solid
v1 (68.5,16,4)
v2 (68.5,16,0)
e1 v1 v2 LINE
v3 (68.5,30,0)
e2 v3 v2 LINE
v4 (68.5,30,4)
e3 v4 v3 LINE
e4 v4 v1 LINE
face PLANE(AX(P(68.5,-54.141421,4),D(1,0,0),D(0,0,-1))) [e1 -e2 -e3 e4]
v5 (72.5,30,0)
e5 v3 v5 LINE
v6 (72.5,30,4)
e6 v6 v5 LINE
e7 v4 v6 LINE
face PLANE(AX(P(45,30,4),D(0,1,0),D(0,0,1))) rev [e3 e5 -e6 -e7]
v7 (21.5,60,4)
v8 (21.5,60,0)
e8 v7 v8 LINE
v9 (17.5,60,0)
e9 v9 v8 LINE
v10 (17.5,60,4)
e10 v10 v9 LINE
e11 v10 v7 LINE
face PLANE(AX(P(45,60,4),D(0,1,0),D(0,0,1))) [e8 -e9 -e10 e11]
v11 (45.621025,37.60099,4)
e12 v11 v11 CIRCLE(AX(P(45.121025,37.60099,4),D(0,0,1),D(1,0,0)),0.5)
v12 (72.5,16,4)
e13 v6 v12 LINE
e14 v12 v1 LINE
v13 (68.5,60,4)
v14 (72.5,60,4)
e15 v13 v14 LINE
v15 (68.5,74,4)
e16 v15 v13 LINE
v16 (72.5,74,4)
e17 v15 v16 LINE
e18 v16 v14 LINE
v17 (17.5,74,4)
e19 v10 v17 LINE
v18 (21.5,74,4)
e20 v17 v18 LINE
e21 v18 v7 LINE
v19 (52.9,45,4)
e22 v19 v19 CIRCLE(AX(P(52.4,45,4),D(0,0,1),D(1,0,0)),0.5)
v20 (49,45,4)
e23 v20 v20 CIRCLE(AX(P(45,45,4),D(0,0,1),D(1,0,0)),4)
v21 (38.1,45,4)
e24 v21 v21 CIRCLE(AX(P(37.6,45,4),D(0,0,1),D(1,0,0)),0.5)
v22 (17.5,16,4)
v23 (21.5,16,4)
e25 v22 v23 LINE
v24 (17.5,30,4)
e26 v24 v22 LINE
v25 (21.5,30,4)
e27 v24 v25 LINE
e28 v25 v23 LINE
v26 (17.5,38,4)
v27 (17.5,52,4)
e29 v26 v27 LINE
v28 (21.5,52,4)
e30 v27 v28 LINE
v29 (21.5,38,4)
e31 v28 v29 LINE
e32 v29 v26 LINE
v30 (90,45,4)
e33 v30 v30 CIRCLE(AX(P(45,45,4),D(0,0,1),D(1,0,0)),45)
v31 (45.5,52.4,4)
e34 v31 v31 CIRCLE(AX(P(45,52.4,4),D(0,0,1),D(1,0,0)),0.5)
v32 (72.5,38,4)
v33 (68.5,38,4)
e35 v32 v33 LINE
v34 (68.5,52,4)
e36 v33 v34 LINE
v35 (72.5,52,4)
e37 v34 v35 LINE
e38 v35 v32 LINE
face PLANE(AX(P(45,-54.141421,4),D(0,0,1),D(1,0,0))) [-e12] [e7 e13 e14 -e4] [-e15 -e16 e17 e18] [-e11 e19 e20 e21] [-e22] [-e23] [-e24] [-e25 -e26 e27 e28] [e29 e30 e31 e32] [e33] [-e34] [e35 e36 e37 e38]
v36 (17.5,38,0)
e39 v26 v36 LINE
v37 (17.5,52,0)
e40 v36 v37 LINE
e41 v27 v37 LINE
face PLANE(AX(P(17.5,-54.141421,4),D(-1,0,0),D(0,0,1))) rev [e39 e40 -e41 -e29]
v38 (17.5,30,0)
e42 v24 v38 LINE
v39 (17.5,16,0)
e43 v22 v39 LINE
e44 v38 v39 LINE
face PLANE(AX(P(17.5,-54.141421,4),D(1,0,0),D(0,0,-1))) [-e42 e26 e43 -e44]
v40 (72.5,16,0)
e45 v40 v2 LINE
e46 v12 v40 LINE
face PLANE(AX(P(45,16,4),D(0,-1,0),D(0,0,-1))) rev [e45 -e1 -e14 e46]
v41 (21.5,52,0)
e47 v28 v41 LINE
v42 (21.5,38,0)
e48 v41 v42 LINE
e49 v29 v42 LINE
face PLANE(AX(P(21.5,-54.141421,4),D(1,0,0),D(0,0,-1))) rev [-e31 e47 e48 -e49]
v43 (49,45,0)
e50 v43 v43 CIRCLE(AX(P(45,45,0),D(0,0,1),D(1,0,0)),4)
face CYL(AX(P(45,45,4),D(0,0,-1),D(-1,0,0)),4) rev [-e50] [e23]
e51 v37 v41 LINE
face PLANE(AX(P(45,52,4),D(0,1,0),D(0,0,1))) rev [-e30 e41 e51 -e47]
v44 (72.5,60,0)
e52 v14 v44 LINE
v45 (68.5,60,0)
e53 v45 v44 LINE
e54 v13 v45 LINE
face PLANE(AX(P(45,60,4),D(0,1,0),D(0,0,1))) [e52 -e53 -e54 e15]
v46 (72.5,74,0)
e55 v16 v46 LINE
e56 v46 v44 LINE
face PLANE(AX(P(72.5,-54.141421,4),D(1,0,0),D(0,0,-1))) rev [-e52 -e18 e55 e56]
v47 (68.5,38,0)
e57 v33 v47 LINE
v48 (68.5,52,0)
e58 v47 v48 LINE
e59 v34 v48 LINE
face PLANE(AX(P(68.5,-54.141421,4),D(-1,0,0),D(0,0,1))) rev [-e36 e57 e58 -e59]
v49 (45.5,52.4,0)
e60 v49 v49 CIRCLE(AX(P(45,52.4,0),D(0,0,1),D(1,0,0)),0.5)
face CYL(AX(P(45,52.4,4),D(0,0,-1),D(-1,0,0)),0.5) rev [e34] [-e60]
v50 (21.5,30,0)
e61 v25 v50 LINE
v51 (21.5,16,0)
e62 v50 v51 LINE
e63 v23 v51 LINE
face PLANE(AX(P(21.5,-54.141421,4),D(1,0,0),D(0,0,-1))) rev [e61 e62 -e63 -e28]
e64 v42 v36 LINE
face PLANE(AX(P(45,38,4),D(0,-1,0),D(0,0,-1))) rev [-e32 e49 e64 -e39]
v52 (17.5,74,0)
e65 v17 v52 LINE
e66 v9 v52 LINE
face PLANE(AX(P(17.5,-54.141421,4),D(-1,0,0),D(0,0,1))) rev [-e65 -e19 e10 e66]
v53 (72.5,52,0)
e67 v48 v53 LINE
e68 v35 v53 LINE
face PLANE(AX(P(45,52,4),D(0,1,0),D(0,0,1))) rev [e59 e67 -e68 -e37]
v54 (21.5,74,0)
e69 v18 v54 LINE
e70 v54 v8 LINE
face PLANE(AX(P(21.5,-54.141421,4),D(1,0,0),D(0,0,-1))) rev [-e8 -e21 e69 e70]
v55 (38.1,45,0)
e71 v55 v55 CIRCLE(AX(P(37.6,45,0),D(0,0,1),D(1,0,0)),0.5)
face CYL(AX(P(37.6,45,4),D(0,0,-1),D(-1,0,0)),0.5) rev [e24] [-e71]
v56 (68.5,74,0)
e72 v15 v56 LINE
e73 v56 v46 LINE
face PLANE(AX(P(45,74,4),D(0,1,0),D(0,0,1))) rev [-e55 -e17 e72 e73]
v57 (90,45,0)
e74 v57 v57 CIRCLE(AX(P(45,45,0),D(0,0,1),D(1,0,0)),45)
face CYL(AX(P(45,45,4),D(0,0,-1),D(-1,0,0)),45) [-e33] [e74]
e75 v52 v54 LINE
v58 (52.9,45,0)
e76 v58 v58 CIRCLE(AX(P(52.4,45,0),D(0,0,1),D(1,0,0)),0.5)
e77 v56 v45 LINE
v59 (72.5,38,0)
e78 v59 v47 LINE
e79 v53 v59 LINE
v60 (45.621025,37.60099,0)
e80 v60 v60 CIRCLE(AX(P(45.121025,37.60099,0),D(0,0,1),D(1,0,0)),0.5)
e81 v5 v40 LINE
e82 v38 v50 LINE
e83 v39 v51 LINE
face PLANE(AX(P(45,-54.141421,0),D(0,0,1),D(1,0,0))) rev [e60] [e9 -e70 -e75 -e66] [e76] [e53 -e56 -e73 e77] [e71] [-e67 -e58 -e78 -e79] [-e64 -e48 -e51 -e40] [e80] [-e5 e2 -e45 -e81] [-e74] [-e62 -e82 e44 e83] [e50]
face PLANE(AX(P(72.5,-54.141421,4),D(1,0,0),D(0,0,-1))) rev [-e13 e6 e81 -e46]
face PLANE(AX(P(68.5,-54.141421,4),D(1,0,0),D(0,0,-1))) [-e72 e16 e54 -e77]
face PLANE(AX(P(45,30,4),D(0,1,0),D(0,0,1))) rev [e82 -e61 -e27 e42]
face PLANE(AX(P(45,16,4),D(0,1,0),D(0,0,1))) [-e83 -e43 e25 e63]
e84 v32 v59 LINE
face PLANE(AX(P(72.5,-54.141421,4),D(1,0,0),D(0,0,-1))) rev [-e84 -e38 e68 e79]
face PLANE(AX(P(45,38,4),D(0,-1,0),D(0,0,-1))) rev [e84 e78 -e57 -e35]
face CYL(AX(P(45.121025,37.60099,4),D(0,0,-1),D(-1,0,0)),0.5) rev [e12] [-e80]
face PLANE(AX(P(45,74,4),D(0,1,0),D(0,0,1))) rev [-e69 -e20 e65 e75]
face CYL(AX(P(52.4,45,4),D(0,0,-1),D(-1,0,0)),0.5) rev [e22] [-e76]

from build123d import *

# Parameters (mm, degrees)
SKETCH1_R           = 45
SKETCH1_R_2         = 0.5
SKETCH1_R_3         = 4
SKETCH1_W           = 4
SKETCH1_H           = 14
BOSS_EXTRUDE1_DEPTH = 4


with BuildPart() as part:
    # Sketch1 → Boss-Extrude1 (new body)
    with BuildSketch(Plane.XY):
        with Locations((45, 45)):
            Circle(SKETCH1_R)
        with Locations((37.6, 45)):
            Circle(SKETCH1_R_2, mode=Mode.SUBTRACT)
        with Locations((52.4, 45)):
            Circle(SKETCH1_R_2, mode=Mode.SUBTRACT)
        with Locations((45.121025162, 37.600989734)):
            Circle(SKETCH1_R_2, mode=Mode.SUBTRACT)
        with Locations((45, 52.4)):
            Circle(SKETCH1_R_2, mode=Mode.SUBTRACT)
        with Locations((45, 45)):
            Circle(SKETCH1_R_3, mode=Mode.SUBTRACT)
        with Locations((19.5, 67)):
            Rectangle(SKETCH1_W, SKETCH1_H, mode=Mode.SUBTRACT)
        with Locations((70.5, 45)):
            Rectangle(SKETCH1_W, SKETCH1_H, mode=Mode.SUBTRACT)
        with Locations((70.5, 23)):
            Rectangle(SKETCH1_W, SKETCH1_H, mode=Mode.SUBTRACT)
        with Locations((19.5, 45)):
            Rectangle(SKETCH1_W, SKETCH1_H, mode=Mode.SUBTRACT)
        with Locations((19.5, 23)):
            Rectangle(SKETCH1_W, SKETCH1_H, mode=Mode.SUBTRACT)
        with Locations((70.5, 67)):
            Rectangle(SKETCH1_W, SKETCH1_H, mode=Mode.SUBTRACT)
    extrude(amount=BOSS_EXTRUDE1_DEPTH)


solid = part.part
